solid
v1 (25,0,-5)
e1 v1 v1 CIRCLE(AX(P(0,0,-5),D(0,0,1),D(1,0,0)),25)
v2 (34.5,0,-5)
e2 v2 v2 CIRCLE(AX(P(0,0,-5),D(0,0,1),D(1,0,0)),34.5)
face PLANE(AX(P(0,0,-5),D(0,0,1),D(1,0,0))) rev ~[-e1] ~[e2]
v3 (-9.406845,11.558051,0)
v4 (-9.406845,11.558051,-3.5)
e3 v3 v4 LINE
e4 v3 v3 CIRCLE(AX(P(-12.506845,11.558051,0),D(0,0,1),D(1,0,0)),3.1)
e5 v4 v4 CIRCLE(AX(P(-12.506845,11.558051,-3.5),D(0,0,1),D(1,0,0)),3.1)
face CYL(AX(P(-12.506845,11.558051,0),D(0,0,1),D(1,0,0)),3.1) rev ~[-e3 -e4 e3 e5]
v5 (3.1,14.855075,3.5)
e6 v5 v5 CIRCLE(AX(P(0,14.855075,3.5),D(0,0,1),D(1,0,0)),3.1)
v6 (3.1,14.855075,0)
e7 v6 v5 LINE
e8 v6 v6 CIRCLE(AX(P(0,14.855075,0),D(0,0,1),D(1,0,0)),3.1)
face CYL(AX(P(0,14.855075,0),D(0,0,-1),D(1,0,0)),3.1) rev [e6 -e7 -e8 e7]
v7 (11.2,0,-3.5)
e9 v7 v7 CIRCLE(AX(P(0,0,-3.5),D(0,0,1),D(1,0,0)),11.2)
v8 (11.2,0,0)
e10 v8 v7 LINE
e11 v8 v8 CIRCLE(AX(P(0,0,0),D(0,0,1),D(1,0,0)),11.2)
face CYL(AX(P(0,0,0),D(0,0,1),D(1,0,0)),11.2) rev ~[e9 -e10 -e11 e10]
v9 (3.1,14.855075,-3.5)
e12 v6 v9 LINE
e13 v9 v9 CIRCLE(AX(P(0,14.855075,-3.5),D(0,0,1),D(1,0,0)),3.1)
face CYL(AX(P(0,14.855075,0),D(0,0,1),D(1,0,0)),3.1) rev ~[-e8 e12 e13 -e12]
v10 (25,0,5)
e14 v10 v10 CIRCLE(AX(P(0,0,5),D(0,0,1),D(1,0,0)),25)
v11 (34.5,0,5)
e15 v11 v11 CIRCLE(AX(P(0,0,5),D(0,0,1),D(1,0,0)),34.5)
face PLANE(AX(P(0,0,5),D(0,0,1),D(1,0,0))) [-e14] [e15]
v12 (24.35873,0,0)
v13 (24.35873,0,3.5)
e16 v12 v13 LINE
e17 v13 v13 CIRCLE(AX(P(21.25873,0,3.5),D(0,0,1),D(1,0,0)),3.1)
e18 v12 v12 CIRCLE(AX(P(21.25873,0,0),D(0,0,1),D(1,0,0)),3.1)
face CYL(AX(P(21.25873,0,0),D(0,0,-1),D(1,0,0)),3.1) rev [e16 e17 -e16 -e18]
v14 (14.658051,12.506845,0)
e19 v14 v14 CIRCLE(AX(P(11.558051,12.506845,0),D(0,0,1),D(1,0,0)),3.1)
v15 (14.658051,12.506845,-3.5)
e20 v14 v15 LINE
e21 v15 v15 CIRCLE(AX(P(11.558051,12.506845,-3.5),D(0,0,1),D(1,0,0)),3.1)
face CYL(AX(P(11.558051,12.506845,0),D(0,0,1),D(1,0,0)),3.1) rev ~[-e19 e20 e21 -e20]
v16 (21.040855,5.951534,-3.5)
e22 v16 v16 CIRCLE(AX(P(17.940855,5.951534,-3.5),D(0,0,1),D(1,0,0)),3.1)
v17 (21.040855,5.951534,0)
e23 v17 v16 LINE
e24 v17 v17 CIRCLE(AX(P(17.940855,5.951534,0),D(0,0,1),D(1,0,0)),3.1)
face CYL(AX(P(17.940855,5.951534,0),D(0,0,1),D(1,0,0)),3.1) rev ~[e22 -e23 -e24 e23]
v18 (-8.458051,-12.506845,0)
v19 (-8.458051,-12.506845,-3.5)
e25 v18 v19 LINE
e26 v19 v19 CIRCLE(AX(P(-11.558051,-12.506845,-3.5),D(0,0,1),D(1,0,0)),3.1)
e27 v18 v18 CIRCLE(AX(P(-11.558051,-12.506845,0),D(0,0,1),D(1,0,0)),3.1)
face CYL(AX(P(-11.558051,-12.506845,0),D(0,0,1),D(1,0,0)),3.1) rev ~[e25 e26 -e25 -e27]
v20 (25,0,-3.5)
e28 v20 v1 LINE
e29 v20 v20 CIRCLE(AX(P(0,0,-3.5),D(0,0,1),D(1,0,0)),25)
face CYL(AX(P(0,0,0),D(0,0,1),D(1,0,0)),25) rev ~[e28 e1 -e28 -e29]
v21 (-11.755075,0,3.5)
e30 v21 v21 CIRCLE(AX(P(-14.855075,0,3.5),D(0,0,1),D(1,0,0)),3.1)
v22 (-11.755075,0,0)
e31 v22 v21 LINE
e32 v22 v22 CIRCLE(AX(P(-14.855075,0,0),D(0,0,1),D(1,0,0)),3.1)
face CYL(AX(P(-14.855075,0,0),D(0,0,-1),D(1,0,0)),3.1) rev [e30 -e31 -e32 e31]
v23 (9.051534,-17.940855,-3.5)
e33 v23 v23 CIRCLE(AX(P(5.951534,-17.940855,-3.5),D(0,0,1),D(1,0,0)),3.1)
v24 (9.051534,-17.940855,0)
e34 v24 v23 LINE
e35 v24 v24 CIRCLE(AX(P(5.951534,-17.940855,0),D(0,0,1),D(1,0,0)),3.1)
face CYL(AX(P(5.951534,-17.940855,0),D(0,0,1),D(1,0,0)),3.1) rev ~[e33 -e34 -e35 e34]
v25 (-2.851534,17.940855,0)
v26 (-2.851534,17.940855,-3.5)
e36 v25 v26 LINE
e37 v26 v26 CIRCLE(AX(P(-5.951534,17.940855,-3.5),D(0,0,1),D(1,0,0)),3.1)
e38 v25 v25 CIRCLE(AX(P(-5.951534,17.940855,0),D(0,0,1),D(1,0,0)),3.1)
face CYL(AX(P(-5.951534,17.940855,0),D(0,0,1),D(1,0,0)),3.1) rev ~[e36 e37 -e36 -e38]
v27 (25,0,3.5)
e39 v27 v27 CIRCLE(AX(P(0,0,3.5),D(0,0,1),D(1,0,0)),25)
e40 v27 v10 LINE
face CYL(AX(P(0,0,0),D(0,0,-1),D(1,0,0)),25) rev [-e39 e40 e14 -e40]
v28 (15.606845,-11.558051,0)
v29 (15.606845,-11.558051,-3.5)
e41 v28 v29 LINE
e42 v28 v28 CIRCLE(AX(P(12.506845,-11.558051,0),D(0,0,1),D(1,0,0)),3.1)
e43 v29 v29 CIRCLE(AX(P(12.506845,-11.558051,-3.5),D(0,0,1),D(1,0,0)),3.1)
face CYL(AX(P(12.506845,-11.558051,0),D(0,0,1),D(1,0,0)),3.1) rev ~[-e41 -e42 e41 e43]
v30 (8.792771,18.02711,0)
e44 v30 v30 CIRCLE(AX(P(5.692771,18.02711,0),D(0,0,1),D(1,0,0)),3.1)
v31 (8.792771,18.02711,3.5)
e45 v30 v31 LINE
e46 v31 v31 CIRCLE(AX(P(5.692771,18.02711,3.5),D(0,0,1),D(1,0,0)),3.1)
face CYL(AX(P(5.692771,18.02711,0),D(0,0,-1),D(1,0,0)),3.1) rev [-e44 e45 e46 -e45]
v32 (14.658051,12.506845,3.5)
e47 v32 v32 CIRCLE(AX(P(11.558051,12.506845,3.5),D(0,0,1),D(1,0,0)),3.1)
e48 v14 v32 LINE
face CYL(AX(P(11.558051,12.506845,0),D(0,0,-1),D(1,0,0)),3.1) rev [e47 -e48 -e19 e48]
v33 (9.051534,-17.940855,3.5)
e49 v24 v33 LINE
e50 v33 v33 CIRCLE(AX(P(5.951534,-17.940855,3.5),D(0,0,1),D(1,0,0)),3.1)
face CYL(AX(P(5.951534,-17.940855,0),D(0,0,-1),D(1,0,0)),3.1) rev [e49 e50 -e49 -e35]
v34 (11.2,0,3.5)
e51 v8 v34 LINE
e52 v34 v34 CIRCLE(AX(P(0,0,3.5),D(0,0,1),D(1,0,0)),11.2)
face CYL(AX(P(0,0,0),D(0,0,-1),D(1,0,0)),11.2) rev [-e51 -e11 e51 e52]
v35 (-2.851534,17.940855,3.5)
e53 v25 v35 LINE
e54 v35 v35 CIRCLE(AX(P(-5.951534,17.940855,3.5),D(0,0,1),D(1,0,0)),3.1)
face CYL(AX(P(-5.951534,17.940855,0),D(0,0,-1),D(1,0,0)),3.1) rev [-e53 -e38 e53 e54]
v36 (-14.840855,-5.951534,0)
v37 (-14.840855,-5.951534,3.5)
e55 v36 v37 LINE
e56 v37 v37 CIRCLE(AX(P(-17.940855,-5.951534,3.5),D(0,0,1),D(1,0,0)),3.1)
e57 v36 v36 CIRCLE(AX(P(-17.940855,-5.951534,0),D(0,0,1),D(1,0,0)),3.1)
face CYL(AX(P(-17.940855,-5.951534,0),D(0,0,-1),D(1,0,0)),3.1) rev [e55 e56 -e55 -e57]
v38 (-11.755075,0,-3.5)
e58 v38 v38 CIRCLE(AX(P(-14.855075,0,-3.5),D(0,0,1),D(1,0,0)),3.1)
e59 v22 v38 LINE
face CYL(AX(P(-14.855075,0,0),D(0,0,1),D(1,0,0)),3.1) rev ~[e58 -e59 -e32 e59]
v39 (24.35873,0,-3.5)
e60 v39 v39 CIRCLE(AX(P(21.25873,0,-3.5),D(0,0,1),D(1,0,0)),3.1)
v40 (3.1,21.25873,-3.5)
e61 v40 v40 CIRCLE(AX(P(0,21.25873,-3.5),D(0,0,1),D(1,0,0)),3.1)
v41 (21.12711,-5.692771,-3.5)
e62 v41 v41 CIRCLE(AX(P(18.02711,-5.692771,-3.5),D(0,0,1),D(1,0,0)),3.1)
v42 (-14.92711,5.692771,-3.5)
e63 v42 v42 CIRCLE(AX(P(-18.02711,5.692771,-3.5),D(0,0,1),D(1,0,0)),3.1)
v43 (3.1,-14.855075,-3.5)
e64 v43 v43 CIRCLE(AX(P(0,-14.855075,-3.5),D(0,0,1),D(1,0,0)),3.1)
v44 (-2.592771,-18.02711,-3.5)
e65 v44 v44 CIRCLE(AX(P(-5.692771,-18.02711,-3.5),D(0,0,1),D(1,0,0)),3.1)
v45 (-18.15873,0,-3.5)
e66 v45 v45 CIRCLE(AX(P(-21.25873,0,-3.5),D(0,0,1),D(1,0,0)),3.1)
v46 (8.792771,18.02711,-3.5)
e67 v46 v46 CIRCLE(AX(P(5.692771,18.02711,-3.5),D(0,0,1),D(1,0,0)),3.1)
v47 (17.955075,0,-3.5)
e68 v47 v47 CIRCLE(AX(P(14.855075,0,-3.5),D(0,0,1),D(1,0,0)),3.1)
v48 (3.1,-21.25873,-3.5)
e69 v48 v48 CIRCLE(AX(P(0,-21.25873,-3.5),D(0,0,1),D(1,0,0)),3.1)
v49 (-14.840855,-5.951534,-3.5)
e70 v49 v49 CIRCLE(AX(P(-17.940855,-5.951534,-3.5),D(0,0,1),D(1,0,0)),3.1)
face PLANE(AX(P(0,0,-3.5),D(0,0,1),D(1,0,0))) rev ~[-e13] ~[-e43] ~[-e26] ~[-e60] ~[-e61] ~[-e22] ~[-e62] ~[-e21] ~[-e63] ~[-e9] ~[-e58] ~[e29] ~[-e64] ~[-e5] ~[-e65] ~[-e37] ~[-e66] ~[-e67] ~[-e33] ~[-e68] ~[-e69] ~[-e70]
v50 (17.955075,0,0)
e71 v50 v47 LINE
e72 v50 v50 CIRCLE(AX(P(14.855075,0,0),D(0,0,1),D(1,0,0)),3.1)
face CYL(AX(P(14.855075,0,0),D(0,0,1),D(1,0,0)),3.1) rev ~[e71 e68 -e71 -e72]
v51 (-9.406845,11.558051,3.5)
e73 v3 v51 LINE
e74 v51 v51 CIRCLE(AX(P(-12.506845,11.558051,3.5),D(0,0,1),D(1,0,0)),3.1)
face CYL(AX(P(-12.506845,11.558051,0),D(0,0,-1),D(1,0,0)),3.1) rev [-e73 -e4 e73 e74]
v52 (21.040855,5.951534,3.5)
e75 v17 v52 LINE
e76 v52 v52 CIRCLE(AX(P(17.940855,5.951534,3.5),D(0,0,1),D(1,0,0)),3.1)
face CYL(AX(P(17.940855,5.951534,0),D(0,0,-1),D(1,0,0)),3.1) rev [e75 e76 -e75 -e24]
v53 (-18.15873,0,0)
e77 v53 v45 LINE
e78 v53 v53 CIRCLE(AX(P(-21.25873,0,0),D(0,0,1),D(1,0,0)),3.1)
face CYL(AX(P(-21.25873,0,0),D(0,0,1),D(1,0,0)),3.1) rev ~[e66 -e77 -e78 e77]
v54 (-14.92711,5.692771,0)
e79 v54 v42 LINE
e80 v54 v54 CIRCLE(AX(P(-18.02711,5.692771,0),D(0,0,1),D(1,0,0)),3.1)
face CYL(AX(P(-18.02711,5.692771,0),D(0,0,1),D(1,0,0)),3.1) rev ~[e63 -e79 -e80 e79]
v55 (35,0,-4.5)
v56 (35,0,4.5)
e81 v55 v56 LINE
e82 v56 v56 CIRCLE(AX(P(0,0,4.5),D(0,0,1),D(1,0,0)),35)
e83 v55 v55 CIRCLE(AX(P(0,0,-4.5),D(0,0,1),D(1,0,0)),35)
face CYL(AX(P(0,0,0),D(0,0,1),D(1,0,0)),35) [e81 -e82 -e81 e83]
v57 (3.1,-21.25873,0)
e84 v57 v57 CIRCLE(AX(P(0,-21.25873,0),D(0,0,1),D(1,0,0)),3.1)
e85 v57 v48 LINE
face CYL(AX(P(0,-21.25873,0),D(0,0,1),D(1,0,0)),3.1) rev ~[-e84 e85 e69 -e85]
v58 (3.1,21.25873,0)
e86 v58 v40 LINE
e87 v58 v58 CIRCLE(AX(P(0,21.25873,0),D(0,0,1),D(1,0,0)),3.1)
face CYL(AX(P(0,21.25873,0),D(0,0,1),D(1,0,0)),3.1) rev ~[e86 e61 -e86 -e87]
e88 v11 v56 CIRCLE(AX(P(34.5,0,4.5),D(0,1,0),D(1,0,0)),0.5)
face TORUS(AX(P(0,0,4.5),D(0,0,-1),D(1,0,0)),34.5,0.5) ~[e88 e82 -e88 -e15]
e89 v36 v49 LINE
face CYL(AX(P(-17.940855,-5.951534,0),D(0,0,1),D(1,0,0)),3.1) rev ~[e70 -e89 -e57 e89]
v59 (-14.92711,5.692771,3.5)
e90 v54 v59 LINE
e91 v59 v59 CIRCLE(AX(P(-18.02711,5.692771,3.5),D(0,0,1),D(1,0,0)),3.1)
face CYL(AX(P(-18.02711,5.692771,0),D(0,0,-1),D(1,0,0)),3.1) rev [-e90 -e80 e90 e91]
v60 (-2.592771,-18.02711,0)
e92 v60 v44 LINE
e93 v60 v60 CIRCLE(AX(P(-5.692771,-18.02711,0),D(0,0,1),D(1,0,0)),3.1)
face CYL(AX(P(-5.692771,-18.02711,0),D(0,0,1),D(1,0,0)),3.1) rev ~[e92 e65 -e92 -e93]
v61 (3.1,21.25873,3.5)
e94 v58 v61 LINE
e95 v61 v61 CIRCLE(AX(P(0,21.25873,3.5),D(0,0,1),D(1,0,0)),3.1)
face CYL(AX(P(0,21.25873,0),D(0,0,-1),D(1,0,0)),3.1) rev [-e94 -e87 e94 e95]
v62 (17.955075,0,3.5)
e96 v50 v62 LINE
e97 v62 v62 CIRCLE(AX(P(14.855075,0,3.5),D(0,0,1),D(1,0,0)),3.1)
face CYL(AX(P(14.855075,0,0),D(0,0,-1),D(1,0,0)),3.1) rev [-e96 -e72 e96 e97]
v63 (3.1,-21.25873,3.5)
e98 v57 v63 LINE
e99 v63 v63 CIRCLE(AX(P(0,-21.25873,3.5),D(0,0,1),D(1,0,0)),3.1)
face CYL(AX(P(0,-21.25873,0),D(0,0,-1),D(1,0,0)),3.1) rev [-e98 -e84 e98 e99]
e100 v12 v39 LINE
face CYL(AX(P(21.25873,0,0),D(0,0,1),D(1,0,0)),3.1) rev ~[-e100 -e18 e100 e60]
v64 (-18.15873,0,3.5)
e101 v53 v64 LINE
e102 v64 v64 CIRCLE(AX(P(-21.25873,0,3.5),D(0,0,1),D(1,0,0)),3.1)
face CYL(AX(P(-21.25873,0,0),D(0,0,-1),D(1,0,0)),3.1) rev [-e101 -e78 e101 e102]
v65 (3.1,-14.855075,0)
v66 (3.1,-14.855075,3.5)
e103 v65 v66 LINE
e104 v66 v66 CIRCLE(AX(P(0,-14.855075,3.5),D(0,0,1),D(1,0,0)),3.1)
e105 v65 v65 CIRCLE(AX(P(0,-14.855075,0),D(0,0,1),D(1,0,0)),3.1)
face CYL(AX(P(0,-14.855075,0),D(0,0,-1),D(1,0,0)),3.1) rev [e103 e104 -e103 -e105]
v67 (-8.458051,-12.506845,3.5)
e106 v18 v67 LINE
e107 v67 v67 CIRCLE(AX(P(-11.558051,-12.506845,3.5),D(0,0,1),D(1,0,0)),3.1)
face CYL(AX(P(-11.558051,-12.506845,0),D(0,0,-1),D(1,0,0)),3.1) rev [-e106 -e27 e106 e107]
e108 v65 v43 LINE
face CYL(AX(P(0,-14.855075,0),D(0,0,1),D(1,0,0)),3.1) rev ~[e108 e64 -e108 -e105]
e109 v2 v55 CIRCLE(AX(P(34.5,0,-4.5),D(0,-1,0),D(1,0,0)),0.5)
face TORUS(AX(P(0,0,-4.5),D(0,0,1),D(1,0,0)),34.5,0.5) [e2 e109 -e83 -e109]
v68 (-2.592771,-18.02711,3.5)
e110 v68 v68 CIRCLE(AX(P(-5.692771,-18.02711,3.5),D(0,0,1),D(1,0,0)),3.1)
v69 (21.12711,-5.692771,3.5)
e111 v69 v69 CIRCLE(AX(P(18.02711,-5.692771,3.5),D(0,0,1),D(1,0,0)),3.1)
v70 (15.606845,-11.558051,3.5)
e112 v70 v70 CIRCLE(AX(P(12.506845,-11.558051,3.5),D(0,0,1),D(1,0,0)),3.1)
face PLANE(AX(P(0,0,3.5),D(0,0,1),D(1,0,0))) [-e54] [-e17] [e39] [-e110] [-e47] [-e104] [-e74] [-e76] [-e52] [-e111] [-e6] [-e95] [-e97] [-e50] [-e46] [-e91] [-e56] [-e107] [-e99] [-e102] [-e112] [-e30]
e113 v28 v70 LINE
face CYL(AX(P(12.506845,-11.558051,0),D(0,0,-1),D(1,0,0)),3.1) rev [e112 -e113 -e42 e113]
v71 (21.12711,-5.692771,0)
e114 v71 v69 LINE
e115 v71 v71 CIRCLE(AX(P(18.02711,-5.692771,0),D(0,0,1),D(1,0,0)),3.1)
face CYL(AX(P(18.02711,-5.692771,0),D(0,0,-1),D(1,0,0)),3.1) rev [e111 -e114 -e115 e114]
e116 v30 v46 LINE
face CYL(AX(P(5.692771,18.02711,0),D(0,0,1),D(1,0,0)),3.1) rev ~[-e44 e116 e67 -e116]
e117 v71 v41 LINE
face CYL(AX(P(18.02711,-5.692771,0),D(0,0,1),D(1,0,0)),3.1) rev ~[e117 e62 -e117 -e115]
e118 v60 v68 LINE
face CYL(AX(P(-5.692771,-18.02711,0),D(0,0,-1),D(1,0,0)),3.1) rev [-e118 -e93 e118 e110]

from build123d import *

# Parameters (mm, degrees)
F0_R          = 35
F0_R_2        = 25
F2_DEPTH      = 5
F2_DEPTH_BACK = 5
F1_R          = 25
F1_R_2        = 3.1
F1_R_3        = 11.2
F3_DEPTH      = 3.5
F3_DEPTH_BACK = 3.5
F4_R          = 0.5


with BuildPart() as f2:
    # F0 (on Top) → F2 (new body, two sides)
    with BuildSketch(Plane.XY) as f2_sk:
        Circle(F0_R)
        Circle(F0_R_2, mode=Mode.SUBTRACT)
    extrude(amount=F2_DEPTH)
    extrude(f2_sk.sketch, amount=-F2_DEPTH_BACK)

    # F1 (on Top) → F3 (join, two sides)
    with BuildSketch(Plane.XY) as f3_sk:
        Circle(F1_R)
        with Locations((-11.558051, -12.506845)):
            Circle(F1_R_2, mode=Mode.SUBTRACT)
        with Locations((-5.692771, -18.02711)):
            Circle(F1_R_2, mode=Mode.SUBTRACT)
        with Locations((-17.940855, -5.951534)):
            Circle(F1_R_2, mode=Mode.SUBTRACT)
        with Locations((0, -21.25873)):
            Circle(F1_R_2, mode=Mode.SUBTRACT)
        with Locations((5.951534, -17.940855)):
            Circle(F1_R_2, mode=Mode.SUBTRACT)
        with Locations((0, -14.855075)):
            Circle(F1_R_2, mode=Mode.SUBTRACT)
        with Locations((12.506845, -11.558051)):
            Circle(F1_R_2, mode=Mode.SUBTRACT)
        with Locations((18.02711, -5.692771)):
            Circle(F1_R_2, mode=Mode.SUBTRACT)
        with Locations((-21.25873, 0)):
            Circle(F1_R_2, mode=Mode.SUBTRACT)
        with Locations((-14.855075, 0)):
            Circle(F1_R_2, mode=Mode.SUBTRACT)
        with Locations((-18.02711, 5.692771)):
            Circle(F1_R_2, mode=Mode.SUBTRACT)
        with Locations((-12.506845, 11.558051)):
            Circle(F1_R_2, mode=Mode.SUBTRACT)
        with Locations((-5.951534, 17.940855)):
            Circle(F1_R_2, mode=Mode.SUBTRACT)
        Circle(F1_R_3, mode=Mode.SUBTRACT)
        with Locations((14.855075, 0)):
            Circle(F1_R_2, mode=Mode.SUBTRACT)
        with Locations((17.940855, 5.951534)):
            Circle(F1_R_2, mode=Mode.SUBTRACT)
        with Locations((21.25873, 0)):
            Circle(F1_R_2, mode=Mode.SUBTRACT)
        with Locations((0, 14.855075)):
            Circle(F1_R_2, mode=Mode.SUBTRACT)
        with Locations((5.692771, 18.02711)):
            Circle(F1_R_2, mode=Mode.SUBTRACT)
        with Locations((11.558051, 12.506845)):
            Circle(F1_R_2, mode=Mode.SUBTRACT)
        with Locations((0, 21.25873)):
            Circle(F1_R_2, mode=Mode.SUBTRACT)
    extrude(amount=F3_DEPTH)
    extrude(f3_sk.sketch, amount=-F3_DEPTH_BACK)

    # F4
    f4_edges = [f2.edges().sort_by_distance(p)[0] for p in [
        (35, 0, 2.5),
        (-35, 0, 0),
        (-35, 0, 5),
    ]]
    fillet(f4_edges, radius=F4_R)


solid = f2.part
